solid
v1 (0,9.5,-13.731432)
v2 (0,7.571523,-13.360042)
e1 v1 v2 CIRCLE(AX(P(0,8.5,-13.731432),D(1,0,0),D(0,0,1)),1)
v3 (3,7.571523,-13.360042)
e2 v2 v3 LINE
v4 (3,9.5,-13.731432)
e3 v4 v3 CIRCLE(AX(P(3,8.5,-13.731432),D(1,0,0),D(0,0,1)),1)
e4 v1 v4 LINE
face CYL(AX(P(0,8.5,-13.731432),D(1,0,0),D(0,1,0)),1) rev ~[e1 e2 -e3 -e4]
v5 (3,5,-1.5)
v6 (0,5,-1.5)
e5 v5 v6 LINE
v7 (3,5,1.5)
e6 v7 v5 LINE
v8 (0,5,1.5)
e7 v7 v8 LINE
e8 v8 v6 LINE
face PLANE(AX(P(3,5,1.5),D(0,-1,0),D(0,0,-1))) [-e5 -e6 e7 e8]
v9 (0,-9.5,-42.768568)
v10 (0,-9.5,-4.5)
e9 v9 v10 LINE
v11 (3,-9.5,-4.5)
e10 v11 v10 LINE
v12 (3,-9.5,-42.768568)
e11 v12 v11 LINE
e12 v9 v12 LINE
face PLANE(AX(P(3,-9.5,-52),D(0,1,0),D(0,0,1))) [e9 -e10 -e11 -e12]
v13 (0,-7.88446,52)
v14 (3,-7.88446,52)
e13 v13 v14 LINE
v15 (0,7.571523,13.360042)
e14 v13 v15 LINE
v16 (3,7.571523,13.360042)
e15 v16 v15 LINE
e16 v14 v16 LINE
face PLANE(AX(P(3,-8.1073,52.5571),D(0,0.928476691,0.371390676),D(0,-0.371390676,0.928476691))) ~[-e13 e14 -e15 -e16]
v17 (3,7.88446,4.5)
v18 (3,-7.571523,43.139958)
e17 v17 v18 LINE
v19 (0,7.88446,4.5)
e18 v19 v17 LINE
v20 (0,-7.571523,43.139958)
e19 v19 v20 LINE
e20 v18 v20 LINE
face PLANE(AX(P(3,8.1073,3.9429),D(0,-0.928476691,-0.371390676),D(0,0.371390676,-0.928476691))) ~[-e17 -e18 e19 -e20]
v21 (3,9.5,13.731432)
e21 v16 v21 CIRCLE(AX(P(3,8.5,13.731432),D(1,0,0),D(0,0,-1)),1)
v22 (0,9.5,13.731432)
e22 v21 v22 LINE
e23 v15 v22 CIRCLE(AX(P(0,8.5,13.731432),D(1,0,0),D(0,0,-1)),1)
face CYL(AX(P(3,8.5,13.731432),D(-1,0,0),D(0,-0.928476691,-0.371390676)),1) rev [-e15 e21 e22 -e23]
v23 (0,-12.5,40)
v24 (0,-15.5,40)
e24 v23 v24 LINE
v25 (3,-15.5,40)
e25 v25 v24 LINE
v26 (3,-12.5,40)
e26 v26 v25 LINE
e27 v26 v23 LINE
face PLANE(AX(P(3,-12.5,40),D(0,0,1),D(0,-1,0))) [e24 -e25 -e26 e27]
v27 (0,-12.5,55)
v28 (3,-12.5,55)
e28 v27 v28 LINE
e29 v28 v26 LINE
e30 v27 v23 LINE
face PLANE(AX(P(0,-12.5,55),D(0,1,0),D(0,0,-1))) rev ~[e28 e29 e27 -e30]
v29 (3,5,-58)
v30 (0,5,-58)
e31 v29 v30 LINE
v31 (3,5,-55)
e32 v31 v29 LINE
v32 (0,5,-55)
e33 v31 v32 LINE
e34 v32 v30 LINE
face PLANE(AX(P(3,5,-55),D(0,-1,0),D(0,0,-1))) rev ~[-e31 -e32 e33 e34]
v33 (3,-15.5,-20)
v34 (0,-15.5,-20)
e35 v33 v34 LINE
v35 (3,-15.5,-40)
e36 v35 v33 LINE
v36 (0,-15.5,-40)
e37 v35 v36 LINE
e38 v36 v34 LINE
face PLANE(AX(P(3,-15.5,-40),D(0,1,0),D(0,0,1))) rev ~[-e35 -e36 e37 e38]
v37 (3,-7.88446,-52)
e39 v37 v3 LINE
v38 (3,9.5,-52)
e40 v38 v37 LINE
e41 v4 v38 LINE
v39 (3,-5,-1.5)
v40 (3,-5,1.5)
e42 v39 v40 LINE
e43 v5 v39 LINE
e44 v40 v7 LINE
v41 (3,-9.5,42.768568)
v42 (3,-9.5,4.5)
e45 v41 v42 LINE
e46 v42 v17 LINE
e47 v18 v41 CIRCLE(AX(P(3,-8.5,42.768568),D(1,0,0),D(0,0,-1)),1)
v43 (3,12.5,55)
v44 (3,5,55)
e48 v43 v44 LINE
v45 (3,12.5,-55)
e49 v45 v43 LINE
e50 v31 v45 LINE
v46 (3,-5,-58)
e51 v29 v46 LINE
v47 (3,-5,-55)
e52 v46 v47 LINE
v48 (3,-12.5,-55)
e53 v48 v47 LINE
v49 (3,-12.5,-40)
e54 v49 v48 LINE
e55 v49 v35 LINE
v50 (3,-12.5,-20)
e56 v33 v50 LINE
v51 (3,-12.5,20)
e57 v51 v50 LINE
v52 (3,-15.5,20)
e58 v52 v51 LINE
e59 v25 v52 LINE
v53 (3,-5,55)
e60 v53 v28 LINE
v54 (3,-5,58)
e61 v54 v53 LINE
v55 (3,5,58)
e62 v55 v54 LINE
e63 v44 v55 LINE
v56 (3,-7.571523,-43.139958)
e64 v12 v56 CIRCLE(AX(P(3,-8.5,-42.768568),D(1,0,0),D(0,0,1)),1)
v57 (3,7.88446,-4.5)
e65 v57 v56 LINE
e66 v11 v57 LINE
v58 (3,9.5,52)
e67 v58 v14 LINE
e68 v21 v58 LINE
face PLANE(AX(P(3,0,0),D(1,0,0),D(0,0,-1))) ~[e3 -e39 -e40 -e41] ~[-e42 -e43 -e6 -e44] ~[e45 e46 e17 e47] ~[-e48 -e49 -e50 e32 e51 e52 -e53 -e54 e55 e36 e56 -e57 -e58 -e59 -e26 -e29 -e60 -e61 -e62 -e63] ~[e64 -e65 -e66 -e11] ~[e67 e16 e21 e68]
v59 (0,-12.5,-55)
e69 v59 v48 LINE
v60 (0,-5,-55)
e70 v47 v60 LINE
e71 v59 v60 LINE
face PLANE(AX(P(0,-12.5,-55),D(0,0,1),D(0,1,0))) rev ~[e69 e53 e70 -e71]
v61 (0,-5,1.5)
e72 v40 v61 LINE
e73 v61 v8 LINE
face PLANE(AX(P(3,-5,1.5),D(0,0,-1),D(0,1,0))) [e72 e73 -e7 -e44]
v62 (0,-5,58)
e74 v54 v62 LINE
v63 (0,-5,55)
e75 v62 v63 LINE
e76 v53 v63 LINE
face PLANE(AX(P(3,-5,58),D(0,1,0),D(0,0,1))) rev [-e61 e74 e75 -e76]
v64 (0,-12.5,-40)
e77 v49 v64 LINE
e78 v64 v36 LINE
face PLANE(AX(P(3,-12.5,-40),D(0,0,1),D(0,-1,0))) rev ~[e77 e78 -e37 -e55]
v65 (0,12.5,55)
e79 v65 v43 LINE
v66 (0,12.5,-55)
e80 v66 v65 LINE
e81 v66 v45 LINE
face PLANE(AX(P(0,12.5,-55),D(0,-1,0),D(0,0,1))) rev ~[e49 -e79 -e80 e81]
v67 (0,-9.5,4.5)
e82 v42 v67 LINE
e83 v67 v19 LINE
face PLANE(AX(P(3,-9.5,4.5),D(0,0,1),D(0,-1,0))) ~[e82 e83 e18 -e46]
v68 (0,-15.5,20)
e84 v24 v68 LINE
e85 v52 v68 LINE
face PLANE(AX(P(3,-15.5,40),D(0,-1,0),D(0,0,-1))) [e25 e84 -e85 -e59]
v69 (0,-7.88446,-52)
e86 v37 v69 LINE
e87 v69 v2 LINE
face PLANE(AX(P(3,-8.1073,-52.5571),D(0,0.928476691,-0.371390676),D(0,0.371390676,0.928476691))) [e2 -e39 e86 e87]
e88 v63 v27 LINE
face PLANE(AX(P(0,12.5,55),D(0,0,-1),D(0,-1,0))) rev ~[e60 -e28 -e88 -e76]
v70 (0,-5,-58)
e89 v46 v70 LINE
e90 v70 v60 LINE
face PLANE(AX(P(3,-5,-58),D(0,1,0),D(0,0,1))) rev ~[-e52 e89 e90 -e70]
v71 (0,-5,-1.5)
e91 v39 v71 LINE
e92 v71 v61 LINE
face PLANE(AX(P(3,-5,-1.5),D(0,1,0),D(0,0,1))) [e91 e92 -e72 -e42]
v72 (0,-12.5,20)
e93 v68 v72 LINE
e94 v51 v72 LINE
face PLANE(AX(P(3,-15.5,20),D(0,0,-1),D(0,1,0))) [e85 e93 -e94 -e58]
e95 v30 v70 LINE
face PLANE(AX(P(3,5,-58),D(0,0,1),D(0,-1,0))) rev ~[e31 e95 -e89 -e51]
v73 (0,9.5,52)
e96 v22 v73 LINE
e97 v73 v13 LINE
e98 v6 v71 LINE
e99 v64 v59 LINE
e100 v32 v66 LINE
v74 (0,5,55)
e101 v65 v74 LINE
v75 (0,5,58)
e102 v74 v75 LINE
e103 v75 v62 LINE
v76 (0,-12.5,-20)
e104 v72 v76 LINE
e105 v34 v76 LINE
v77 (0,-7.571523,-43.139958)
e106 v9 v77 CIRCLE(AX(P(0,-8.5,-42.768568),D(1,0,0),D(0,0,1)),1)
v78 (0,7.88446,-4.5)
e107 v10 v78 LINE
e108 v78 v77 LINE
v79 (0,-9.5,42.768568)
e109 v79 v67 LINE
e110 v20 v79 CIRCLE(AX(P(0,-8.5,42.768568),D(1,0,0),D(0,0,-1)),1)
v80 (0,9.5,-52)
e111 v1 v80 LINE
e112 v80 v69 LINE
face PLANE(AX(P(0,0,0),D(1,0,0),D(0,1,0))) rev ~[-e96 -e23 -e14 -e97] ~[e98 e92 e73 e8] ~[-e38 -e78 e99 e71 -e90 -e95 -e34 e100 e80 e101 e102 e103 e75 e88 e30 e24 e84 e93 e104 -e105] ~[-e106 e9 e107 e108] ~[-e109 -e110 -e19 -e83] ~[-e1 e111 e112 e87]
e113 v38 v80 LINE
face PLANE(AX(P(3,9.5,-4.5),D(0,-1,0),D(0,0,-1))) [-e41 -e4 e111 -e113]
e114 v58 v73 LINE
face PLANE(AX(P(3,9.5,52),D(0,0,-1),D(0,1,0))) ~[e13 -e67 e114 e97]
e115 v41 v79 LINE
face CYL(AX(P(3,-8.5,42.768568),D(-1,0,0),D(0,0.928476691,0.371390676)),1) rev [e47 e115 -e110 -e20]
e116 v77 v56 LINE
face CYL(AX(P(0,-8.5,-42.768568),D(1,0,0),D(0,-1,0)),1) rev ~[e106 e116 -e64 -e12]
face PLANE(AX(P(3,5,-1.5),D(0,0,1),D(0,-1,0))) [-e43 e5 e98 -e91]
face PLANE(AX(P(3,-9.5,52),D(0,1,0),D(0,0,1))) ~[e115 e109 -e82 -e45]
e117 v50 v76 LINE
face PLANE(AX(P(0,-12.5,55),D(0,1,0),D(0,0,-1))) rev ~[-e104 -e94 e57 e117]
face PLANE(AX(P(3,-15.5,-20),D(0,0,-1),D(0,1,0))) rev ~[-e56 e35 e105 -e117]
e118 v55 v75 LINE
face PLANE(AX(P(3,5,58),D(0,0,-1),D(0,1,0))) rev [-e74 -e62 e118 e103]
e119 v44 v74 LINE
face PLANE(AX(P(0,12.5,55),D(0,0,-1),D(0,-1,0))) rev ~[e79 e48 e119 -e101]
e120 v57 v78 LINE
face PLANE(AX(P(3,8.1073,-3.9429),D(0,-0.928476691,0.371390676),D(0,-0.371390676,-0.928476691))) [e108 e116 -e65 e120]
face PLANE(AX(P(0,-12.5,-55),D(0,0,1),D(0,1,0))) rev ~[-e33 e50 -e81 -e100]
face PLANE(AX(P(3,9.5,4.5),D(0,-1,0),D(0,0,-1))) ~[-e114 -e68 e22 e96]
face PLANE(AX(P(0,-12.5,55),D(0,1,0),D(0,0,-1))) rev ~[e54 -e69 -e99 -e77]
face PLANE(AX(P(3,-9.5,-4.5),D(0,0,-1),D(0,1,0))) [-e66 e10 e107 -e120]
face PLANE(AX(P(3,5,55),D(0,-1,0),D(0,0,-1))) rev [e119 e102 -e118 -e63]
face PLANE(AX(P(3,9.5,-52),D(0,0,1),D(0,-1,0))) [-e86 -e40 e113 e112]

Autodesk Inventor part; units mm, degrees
ref_plane "YZ Plane" through (0, 0, 0) normal (1, 0, 0) x (0, 1, 0)
ref_plane "XZ Plane" through (0, 0, 0) normal (0, 1, 0) x (-1, 0, 0)
ref_plane "XY Plane" through (0, 0, 0) normal (0, 0, 1) x (1, 0, 0)
sketch "Sketch1" plane through (0, 0, 0) normal (1, 0, 0) x (0, 1, 0)
  line L0 (-12.5, -55) -> (12.5, -55)
  line L1 (12.5, -55) -> (12.5, 55)
  line L2 (12.5, 55) -> (-12.5, 55)
  line L3 (-12.5, 55) -> (-12.5, -55)
  line L4 (-12.5, -55) -> (12.5, 55) construction
  line L5 (12.5, -55) -> (-12.5, 55) construction
  point P0 (0, 0)
  dimension "d0" = 25
  dimension "d1" = 110
extrude "Extrusion1" add sketch "Sketch1" along normal blind 3
sketch "Sketch2" plane through (3, 0, 0) normal (1, 0, 0) x (0, 0, -1)
  line L0 (20, -12.5) -> (40, -12.5)
  line L1 (40, -12.5) -> (40, -15.5)
  line L2 (40, -15.5) -> (20, -15.5)
  line L3 (20, -15.5) -> (20, -12.5)
  line L4 (-55, -12.5) -> (55, -12.5) projected
  line L5 (-20, -12.5) -> (-40, -12.5)
  line L6 (-40, -12.5) -> (-40, -15.5)
  line L7 (-40, -15.5) -> (-20, -15.5)
  line L8 (-20, -15.5) -> (-20, -12.5)
  point P0 (0, 0)
  dimension "d4" = 20
  dimension "d5" = 3
  dimension "d6" = 20
  dimension "d7" = 20
  dimension "d8" = 3
  dimension "d9" = 20
extrude "Extrusion2" add sketch "Sketch2" against normal blind 3
sketch "Sketch3" plane through (3, 0, 0) normal (1, 0, 0) x (0, 0, -1)
  line L0 (-1.5, 5) -> (1.5, 5)
  line L1 (1.5, 5) -> (1.5, -5)
  line L2 (1.5, -5) -> (-1.5, -5)
  line L3 (-1.5, -5) -> (-1.5, 5)
  point P0 (0, 0)
  point P1 (-1.5, 0)
  point P2 (0, 5)
  dimension "d12" = 3
  dimension "d13" = 10
extrude "Extrusion3" cut sketch "Sketch3" against normal blind 3
sketch "Sketch4" plane through (3, 0, 0) normal (1, 0, 0) x (0, 0, -1)
  line L0 (55, -12.5) -> (55, 12.5) projected
  line L1 (55, 5) -> (58, 5)
  line L2 (58, 5) -> (58, -5)
  line L3 (58, -5) -> (55, -5)
  line L4 (55, -5) -> (55, 5)
  point P0 (0, 0)
  point P1 (58, 0)
  point P2 (55, 0)
  dimension "d16" = 3
  dimension "d17" = 10
extrude "Extrusion4" add sketch "Sketch4" against normal blind 3
sketch "Sketch5" plane through (3, 0, 0) normal (1, 0, 0) x (0, 0, -1)
  line L0 (4.5, 9.5) -> (52, 9.5)
  line L1 (52, 9.5) -> (52, -9.5)
  line L2 (52, -9.5) -> (4.5, -9.5)
  line L3 (4.5, -9.5) -> (4.5, 9.5)
  line L4 (55, 12.5) -> (-55, 12.5) projected
  line L5 (1.5, -5) -> (1.5, 5) projected
  line L6 (55, 5) -> (55, 12.5) projected
  line L7 (40, -12.5) -> (55, -12.5) projected
  point P0 (0, 0)
  dimension "d20" = 3
  dimension "d21" = 3
  dimension "d22" = 3
  dimension "d23" = 3
extrude "Extrusion5" cut sketch "Sketch5" against normal blind 3
sketch "Sketch6" plane through (3, 0, 0) normal (1, 0, 0) x (0, 0, -1)
  line L0 (4.5, 9.5) -> (52, -9.5) construction
  line L1 (3.9429, 8.1073) -> (51.4429, -10.8927)
  line L2 (52.5571, -8.1073) -> (5.0571, 10.8927)
  arc A0 (5.0571, 10.8927) -> (3.9429, 8.1073) centre (4.5, 9.5) ccw
  arc A1 (51.4429, -10.8927) -> (52.5571, -8.1073) centre (52, -9.5) ccw
  point P0 (0, 0)
  point P1 (28.25, 0)
  dimension "d26" = 3
extrude "Extrusion6" add sketch "Sketch6" against normal blind 3
fillet "Fillet1" radius 1 2 edges at (1.5, -9.5, -47.9611) (1.5, 9.5, -8.5389)
mirror "Mirror1" about plane through (0, 0, 0) normal (0, 0, 1) of "Extrusion5", "Extrusion6", "Fillet1", "Extrusion4"
equation "\"d9\" = d6"
equation "\"d23\" = d20"
properties part number "Battery holder"
